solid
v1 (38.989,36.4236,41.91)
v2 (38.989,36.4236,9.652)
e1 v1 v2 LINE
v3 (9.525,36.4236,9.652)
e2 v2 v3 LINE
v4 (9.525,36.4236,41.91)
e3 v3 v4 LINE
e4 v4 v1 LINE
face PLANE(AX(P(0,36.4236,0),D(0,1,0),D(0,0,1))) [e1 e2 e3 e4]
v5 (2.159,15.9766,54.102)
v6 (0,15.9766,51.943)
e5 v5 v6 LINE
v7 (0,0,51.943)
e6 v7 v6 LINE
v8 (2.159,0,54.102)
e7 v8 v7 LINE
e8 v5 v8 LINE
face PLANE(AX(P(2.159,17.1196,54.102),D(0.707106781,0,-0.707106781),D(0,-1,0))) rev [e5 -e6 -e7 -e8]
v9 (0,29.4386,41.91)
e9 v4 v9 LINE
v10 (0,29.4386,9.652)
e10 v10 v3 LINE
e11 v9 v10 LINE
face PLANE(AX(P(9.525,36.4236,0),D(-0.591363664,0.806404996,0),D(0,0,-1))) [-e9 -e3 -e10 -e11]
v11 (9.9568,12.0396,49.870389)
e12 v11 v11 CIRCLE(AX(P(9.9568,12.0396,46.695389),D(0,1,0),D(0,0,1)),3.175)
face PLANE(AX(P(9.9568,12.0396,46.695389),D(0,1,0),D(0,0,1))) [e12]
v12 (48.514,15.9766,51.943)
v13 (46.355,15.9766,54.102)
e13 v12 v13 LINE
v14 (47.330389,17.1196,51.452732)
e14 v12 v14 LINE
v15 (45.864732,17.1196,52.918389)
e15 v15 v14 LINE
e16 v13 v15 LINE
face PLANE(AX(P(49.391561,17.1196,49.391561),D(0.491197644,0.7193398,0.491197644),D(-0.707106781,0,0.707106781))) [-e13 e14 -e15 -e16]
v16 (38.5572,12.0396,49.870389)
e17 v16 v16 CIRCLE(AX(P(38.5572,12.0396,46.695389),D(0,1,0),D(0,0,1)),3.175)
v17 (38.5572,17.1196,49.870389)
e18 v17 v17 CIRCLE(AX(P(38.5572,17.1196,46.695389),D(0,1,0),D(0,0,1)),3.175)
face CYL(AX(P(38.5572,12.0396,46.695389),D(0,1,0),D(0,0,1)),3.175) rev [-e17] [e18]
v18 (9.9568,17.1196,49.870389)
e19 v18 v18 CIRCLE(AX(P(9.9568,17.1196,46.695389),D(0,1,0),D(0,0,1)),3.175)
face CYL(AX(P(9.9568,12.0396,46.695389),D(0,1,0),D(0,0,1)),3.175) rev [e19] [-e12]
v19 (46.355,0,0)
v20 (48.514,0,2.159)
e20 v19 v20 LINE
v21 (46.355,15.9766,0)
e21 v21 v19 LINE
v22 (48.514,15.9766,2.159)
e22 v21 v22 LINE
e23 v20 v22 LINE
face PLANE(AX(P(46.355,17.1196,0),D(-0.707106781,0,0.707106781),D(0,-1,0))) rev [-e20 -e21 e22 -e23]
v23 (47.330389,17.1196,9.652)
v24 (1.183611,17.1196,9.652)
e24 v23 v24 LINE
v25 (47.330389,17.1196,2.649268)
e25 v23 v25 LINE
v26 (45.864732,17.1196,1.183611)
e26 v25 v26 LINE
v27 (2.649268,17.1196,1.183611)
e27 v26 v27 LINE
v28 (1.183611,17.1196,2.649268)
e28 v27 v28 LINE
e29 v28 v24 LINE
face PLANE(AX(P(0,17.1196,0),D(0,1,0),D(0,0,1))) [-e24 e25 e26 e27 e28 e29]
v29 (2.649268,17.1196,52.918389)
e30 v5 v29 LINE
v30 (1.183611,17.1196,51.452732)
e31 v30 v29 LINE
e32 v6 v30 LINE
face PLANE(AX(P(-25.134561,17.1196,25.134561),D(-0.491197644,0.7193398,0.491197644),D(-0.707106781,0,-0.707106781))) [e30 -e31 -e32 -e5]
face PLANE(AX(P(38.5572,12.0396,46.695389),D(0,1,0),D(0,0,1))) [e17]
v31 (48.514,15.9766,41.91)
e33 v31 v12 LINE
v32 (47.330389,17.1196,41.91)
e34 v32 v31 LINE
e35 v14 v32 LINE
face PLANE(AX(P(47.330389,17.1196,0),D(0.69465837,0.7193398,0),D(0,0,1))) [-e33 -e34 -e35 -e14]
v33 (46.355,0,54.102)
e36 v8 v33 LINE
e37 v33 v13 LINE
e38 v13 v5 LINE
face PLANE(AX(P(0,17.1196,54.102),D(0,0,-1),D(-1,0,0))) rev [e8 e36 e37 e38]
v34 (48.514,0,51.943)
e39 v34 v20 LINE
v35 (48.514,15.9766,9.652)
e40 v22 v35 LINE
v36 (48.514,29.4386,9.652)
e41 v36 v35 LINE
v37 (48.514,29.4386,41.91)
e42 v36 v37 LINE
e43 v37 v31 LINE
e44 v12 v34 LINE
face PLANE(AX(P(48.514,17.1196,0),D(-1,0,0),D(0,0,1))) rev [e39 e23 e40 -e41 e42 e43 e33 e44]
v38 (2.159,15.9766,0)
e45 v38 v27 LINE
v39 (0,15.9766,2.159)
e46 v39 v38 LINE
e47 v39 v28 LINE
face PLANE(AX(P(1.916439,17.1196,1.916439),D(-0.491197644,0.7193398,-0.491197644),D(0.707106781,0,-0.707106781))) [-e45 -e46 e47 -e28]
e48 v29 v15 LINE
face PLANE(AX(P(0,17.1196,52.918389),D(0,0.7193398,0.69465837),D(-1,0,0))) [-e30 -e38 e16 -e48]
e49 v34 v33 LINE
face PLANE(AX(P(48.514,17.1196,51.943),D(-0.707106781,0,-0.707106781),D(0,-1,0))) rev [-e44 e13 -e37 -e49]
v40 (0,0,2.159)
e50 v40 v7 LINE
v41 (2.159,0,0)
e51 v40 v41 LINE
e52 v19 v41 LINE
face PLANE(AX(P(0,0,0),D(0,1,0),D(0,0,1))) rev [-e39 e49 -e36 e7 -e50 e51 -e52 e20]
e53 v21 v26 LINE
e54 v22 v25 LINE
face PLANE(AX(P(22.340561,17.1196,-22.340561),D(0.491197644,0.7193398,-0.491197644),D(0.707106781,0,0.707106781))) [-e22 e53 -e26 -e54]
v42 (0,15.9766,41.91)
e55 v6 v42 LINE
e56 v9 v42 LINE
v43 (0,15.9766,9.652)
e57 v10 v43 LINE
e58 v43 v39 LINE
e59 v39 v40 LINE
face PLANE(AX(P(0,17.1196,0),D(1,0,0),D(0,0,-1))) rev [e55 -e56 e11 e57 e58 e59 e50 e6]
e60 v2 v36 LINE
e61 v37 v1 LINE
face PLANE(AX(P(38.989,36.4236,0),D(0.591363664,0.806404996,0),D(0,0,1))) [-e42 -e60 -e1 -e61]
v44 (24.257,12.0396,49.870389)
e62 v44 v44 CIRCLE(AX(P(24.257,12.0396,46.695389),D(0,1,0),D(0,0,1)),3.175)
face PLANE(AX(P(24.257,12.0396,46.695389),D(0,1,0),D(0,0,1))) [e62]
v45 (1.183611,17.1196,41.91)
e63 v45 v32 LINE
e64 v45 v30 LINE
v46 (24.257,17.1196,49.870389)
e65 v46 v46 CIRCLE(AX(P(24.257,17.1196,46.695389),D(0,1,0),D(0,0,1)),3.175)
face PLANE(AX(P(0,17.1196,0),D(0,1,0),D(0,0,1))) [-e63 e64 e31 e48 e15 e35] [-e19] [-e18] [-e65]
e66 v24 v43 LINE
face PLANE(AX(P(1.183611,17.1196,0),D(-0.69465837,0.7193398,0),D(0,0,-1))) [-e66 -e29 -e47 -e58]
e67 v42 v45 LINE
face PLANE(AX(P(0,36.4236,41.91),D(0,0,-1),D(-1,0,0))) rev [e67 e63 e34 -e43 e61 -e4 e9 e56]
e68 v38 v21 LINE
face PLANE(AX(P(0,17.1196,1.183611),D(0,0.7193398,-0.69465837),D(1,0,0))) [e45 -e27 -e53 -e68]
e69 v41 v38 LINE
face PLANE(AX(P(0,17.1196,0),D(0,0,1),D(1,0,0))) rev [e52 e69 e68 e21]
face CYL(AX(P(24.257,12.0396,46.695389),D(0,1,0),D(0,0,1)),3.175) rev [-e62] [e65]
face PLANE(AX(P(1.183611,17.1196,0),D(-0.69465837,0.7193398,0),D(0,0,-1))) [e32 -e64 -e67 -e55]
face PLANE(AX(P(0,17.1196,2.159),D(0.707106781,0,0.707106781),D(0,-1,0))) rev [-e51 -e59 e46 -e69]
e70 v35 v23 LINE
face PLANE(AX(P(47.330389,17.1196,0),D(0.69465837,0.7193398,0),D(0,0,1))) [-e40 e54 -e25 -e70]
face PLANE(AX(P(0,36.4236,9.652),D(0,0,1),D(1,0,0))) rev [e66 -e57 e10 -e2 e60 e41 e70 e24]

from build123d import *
from OCP.BRepFilletAPI import BRepFilletAPI_MakeChamfer

# Parameters (mm, degrees)
SKETCH1_W           = 48.514
SKETCH1_H           = 54.102
BOSS_EXTRUDE1_DEPTH = 17.1196
SKETCH3_W           = 48.514
SKETCH3_H           = 32.258
BOSS_EXTRUDE3_DEPTH = 19.304
CHAMFER1_SIZE       = 6.985
CHAMFER1_SIZE2      = 9.525
CHAMFER3_SIZE       = 2.159
CHAMFER4_SIZE       = 1.143
CHAMFER4_SIZE2      = 1.183611149
SKETCH4_R           = 3.175
CUT_EXTRUDE1_DEPTH  = 5.08
LPATTERN1_COUNT     = 2
LPATTERN1_PITCH     = 14.3002
LPATTERN1_COL_COUNT = 2
LPATTERN1_COL_PITCH = 14.3002


with BuildPart() as part:
    # Sketch1 → Boss-Extrude1 (new body)
    with BuildSketch(Plane(origin=(0, 0, 0), x_dir=(1, 0, 0), z_dir=(0, 1, 0))):
        with Locations((24.257, -27.051)):
            Rectangle(SKETCH1_W, SKETCH1_H)
    extrude(amount=BOSS_EXTRUDE1_DEPTH)

    # Sketch3 → Boss-Extrude3 (add)
    with BuildSketch(Plane(origin=(0, 17.1196, 0), x_dir=(1, 0, 0), z_dir=(0, 1, 0))):
        with Locations((24.257, -25.781)):
            Rectangle(SKETCH3_W, SKETCH3_H)
    extrude(amount=BOSS_EXTRUDE3_DEPTH)

    # Chamfer1: one chamfer whose edges measure the first distance from different faces: ONE call of the kernel's chamfer builder (chamfer() names one face for all edges)
    chamfer1_edges_1 = [part.edges().sort_by_distance(p)[0] for p in [
        (0, 36.4236, 25.781),
    ]]
    chamfer1_side_1 = [part.faces().sort_by_distance(p)[0] for p in [
        (0, 15.881477327, 26.540422781),
    ]]
    chamfer1_edges_2 = [part.edges().sort_by_distance(p)[0] for p in [
        (48.514, 36.4236, 25.781),
    ]]
    chamfer1_side_2 = [part.faces().sort_by_distance(p)[0] for p in [
        (48.514, 15.881477327, 26.540422781),
    ]]
    chamfer1 = BRepFilletAPI_MakeChamfer(part.part.solid().wrapped)
    for e in chamfer1_edges_1:
        chamfer1.Add(CHAMFER1_SIZE, CHAMFER1_SIZE2, e.wrapped, chamfer1_side_1[0].wrapped)  # the first distance lies on this face
    for e in chamfer1_edges_2:
        chamfer1.Add(CHAMFER1_SIZE, CHAMFER1_SIZE2, e.wrapped, chamfer1_side_2[0].wrapped)  # the first distance lies on this face
    add(Compound.cast(chamfer1.Shape()), mode=Mode.REPLACE)

    # Chamfer3
    chamfer3_edges = [part.edges().sort_by_distance(p)[0] for p in [
        (0, 8.5598, 0),
        (48.514, 8.5598, 0),
        (48.514, 8.5598, 54.102),
        (0, 8.5598, 54.102),
    ]]
    chamfer(chamfer3_edges, length=CHAMFER3_SIZE)

    # Chamfer4: one chamfer whose edges measure the first distance from different faces: ONE call of the kernel's chamfer builder (chamfer() names one face for all edges)
    chamfer4_edges_1 = [part.edges().sort_by_distance(p)[0] for p in [
        (0, 17.1196, 46.9265),
        (0, 17.1196, 5.9055),
    ]]
    chamfer4_side_1 = [part.faces().sort_by_distance(p)[0] for p in [
        (0, 13.24043998, 26.647148406),
    ]]
    chamfer4_edges_2 = [part.edges().sort_by_distance(p)[0] for p in [
        (48.514, 17.1196, 5.9055),
        (48.514, 17.1196, 46.9265),
    ]]
    chamfer4_side_2 = [part.faces().sort_by_distance(p)[0] for p in [
        (48.514, 13.24043998, 26.647148406),
    ]]
    chamfer4_edges_3 = [part.edges().sort_by_distance(p)[0] for p in [
        (24.257, 17.1196, 0),
    ]]
    chamfer4_side_3 = [part.faces().sort_by_distance(p)[0] for p in [
        (24.257, 8.5598, 0),
    ]]
    chamfer4_edges_4 = [part.edges().sort_by_distance(p)[0] for p in [
        (47.4345, 17.1196, 1.0795),
    ]]
    chamfer4_side_4 = [part.faces().sort_by_distance(p)[0] for p in [
        (47.4345, 8.5598, 1.0795),
    ]]
    chamfer4_edges_5 = [part.edges().sort_by_distance(p)[0] for p in [
        (1.0795, 17.1196, 1.0795),
    ]]
    chamfer4_side_5 = [part.faces().sort_by_distance(p)[0] for p in [
        (1.0795, 8.5598, 1.0795),
    ]]
    chamfer4_edges_6 = [part.edges().sort_by_distance(p)[0] for p in [
        (24.257, 17.1196, 54.102),
    ]]
    chamfer4_side_6 = [part.faces().sort_by_distance(p)[0] for p in [
        (24.257, 8.5598, 54.102),
    ]]
    chamfer4_edges_7 = [part.edges().sort_by_distance(p)[0] for p in [
        (1.0795, 17.1196, 53.0225),
    ]]
    chamfer4_side_7 = [part.faces().sort_by_distance(p)[0] for p in [
        (1.0795, 8.5598, 53.0225),
    ]]
    chamfer4_edges_8 = [part.edges().sort_by_distance(p)[0] for p in [
        (47.4345, 17.1196, 53.0225),
    ]]
    chamfer4_side_8 = [part.faces().sort_by_distance(p)[0] for p in [
        (47.4345, 8.5598, 53.0225),
    ]]
    chamfer4 = BRepFilletAPI_MakeChamfer(part.part.solid().wrapped)
    for e in chamfer4_edges_1:
        chamfer4.Add(CHAMFER4_SIZE, CHAMFER4_SIZE2, e.wrapped, chamfer4_side_1[0].wrapped)  # the first distance lies on this face
    for e in chamfer4_edges_2:
        chamfer4.Add(CHAMFER4_SIZE, CHAMFER4_SIZE2, e.wrapped, chamfer4_side_2[0].wrapped)  # the first distance lies on this face
    for e in chamfer4_edges_3:
        chamfer4.Add(CHAMFER4_SIZE, CHAMFER4_SIZE2, e.wrapped, chamfer4_side_3[0].wrapped)  # the first distance lies on this face
    for e in chamfer4_edges_4:
        chamfer4.Add(CHAMFER4_SIZE, CHAMFER4_SIZE2, e.wrapped, chamfer4_side_4[0].wrapped)  # the first distance lies on this face
    for e in chamfer4_edges_5:
        chamfer4.Add(CHAMFER4_SIZE, CHAMFER4_SIZE2, e.wrapped, chamfer4_side_5[0].wrapped)  # the first distance lies on this face
    for e in chamfer4_edges_6:
        chamfer4.Add(CHAMFER4_SIZE, CHAMFER4_SIZE2, e.wrapped, chamfer4_side_6[0].wrapped)  # the first distance lies on this face
    for e in chamfer4_edges_7:
        chamfer4.Add(CHAMFER4_SIZE, CHAMFER4_SIZE2, e.wrapped, chamfer4_side_7[0].wrapped)  # the first distance lies on this face
    for e in chamfer4_edges_8:
        chamfer4.Add(CHAMFER4_SIZE, CHAMFER4_SIZE2, e.wrapped, chamfer4_side_8[0].wrapped)  # the first distance lies on this face
    add(Compound.cast(chamfer4.Shape()), mode=Mode.REPLACE)

    # Sketch4 → Cut-Extrude1 (cut)
    with BuildSketch(Plane(origin=(0, 17.1196, 0), x_dir=(1, 0, 0), z_dir=(0, 1, 0))):
        with Locations(Location((24.257, -46.695388851, 0), (0, 0, 270))):
            Circle(SKETCH4_R)
    cut_extrude1 = extrude(amount=-CUT_EXTRUDE1_DEPTH, mode=Mode.SUBTRACT)

    # LPattern1: Cut-Extrude1 ×2
    with Locations(*[(i * LPATTERN1_PITCH, 0, 0) for i in range(1, LPATTERN1_COUNT)]):
        add(cut_extrude1, mode=Mode.SUBTRACT)

    # LPattern1 col: Cut-Extrude1 ×2
    with Locations(*[(-i * LPATTERN1_COL_PITCH, 0, 0) for i in range(1, LPATTERN1_COL_COUNT)]):
        add(cut_extrude1, mode=Mode.SUBTRACT)


solid = part.part
